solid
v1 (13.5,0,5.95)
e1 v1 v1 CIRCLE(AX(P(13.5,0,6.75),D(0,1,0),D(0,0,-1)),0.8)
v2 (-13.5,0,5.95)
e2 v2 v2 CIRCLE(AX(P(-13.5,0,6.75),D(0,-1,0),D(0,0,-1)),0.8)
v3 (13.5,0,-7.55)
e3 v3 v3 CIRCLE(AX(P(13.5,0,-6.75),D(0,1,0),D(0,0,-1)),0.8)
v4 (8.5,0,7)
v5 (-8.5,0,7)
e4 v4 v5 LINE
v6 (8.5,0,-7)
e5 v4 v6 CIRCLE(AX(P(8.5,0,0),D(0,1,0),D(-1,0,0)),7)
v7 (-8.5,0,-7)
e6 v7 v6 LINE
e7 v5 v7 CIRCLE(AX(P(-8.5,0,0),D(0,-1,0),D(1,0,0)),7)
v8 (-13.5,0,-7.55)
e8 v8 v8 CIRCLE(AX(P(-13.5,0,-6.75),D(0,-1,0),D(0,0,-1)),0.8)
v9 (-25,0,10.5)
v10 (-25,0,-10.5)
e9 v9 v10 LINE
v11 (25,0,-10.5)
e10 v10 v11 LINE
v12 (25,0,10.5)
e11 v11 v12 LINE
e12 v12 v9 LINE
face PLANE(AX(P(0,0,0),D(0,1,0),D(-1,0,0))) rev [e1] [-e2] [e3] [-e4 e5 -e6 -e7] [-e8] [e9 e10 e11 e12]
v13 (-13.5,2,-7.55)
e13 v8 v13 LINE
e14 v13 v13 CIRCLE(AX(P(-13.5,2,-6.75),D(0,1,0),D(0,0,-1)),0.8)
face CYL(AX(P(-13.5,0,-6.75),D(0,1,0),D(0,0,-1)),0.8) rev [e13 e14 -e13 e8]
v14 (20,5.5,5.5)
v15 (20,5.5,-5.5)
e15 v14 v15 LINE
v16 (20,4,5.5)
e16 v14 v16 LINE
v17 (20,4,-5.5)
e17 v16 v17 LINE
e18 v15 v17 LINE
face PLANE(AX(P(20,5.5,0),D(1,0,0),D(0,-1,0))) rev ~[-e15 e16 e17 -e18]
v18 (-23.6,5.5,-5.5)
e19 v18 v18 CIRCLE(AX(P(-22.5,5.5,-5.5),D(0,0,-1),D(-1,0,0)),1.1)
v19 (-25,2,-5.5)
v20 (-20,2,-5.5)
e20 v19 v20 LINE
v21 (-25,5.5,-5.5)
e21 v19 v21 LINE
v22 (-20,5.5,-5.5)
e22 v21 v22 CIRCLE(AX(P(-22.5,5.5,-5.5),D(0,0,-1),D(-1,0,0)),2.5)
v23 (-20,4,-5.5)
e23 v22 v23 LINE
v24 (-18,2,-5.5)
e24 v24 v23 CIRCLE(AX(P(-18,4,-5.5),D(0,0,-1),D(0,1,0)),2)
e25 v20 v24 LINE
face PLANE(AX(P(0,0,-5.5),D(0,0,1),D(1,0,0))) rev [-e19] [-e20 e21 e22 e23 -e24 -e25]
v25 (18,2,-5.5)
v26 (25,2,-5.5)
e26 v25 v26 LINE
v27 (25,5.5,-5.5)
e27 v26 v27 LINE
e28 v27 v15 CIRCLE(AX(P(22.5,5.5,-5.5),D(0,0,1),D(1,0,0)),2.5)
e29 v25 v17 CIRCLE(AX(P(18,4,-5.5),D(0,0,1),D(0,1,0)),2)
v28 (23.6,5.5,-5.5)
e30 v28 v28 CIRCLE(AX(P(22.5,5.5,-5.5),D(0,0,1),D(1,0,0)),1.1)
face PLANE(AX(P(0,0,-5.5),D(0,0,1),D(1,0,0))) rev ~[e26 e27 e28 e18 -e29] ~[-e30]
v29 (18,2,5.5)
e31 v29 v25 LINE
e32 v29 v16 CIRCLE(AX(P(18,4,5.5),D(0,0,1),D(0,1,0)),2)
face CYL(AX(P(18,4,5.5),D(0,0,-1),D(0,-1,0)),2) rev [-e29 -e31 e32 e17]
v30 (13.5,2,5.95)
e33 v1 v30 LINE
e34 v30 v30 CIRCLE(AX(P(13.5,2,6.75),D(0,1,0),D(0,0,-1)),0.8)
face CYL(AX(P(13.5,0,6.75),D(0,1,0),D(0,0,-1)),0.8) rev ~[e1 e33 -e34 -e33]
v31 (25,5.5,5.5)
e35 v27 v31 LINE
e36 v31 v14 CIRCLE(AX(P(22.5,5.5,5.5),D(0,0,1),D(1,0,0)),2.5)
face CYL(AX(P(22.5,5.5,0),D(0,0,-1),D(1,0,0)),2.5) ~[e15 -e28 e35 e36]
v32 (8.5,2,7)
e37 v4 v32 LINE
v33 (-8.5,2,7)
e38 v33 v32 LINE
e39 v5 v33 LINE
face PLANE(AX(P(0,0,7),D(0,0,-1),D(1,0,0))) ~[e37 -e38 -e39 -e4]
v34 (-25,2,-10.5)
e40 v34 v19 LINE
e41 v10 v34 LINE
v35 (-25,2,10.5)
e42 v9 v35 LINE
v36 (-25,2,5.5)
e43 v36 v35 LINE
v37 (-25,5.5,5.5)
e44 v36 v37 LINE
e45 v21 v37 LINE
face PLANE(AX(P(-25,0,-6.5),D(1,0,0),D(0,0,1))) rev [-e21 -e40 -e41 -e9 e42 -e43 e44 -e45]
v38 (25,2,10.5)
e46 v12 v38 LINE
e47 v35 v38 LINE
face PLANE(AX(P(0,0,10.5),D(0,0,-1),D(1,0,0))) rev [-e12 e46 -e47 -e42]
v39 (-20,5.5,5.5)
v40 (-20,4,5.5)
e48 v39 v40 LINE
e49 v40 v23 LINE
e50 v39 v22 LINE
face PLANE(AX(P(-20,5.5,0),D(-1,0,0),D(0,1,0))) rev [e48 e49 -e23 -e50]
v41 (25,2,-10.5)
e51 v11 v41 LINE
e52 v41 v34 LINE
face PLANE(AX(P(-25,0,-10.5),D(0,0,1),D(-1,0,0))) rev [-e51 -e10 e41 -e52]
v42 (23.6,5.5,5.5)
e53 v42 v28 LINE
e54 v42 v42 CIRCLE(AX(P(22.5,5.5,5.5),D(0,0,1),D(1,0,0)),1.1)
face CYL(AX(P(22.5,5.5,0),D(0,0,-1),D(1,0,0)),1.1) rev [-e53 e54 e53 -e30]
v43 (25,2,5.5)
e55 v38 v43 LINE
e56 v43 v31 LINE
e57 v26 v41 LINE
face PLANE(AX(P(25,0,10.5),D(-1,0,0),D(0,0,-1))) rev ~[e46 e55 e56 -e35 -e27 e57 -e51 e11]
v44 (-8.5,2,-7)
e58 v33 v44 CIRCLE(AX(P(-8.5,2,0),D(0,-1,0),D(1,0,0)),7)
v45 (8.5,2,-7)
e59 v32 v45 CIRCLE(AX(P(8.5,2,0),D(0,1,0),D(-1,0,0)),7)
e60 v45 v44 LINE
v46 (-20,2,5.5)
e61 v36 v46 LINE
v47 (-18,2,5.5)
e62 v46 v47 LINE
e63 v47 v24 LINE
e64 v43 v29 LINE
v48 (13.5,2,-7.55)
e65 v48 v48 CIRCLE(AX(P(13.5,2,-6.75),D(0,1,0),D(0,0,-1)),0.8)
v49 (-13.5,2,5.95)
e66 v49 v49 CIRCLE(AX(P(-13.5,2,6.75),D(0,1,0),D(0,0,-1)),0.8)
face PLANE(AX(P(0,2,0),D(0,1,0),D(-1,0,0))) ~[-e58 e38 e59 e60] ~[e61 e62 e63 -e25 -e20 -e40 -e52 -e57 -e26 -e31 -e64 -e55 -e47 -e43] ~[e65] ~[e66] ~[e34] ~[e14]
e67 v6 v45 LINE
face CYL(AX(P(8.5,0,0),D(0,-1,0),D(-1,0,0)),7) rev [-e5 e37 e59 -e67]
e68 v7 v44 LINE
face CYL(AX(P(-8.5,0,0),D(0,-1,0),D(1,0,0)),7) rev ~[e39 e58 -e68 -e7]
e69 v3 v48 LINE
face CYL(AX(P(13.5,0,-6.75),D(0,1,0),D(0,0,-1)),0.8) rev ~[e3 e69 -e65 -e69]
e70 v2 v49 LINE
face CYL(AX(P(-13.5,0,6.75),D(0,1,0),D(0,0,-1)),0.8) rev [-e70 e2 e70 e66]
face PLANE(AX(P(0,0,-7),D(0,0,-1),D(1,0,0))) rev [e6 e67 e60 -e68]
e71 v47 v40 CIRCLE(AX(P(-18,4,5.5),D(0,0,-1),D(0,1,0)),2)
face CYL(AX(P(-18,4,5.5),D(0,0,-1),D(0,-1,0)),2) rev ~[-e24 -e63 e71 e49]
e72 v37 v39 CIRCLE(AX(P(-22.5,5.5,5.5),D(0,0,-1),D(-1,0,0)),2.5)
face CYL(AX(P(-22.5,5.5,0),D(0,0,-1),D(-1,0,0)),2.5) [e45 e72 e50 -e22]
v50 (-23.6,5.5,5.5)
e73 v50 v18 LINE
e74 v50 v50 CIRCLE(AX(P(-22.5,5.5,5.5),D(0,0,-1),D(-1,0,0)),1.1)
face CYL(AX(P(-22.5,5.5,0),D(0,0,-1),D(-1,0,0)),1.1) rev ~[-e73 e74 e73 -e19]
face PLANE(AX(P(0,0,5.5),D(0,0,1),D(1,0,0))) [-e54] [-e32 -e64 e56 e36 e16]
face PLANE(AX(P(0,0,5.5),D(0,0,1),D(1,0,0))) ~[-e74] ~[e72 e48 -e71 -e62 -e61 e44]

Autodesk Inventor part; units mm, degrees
ref_plane "YZ Plane" through (0, 0, 0) normal (1, 0, 0) x (0, 1, 0)
ref_plane "XZ Plane" through (0, 0, 0) normal (0, 1, 0) x (-1, 0, 0)
ref_plane "XY Plane" through (0, 0, 0) normal (0, 0, 1) x (1, 0, 0)
sketch "スケッチ1" plane through (0, 0, 0) normal (0, 1, 0) x (-1, 0, 0)
  line L0 (0, 6.75) -> (-13.5, 6.75) construction
  line L1 (-13.5, 6.75) -> (-13.5, -6.75) construction
  line L2 (-13.5, -6.75) -> (0, -6.75) construction
  line L3 (0, -6.75) -> (0, 6.75) construction
  circle A0 centre (-8.5, 0) radius 7
  line L4 (0, 10.5) -> (-25, 10.5)
  line L5 (-25, 10.5) -> (-25, -10.5)
  line L6 (-25, -10.5) -> (0, -10.5)
  line L7 (0, -10.5) -> (0, 10.5)
  line L8 (-25, -6.5) -> (-25, 10.5)
  line L9 (0, 7) -> (-8.5, 7)
  line L10 (0, -7) -> (-8.5, -7)
  point P0 (0, 0)
  point P1 (0, 0)
  dimension "d0" = 13.5
  dimension "d1" = 13.5
  dimension "d2" = 8.5
  dimension "d3" = 14
  dimension "d4" = 21
  dimension "d5" = 25
extrude "押し出し1" add sketch "スケッチ1" along normal blind 2 contours A0 L10 L7 L6 L5 L4 L9
hole "穴1" at (13.5, 0, -6.75) at (13.5, 0, 6.75) direction (0, 1, 0) diameter 1.6 end through all clearance for "Flat Head Machine Screw (82)" size "#0" standard "Ansi Unified Screw Threads"
sketch "スケッチ3" plane through (0, 0, 0) normal (0, 0, 1) x (1, 0, 0)
  line L0 (25, 0) -> (0, 0) projected
  line L1 (0, 0) -> (0, 2) projected
  line L2 (25, 2) -> (0, 2) projected
  line L3 (25, 0) -> (25, 2) projected
  line L4 (25, 2) -> (25, 9)
  line L5 (25, 9) -> (20, 9)
  line L6 (20, 9) -> (20, 2)
  circle A0 centre (22.5, 5.5) radius 1.1
  circle A1 centre (22.5, 5.5) radius 3.5 construction
  arc A2 (25, 5.5) -> (20, 5.5) centre (22.5, 5.5) ccw
  arc A3 (20, 5.5) -> (25, 5.5) centre (22.5, 5.5) ccw construction
  point P0 (0, 0)
  point P1 (22.5, 9)
  dimension "d27" = 7
  dimension "d29" = 2.2
  dimension "d30" = 5
extrude "押し出し3" add sketch "スケッチ3" along normal mid plane 11 contours L2 L6 A2 L4
fillet "フィレット2" radius 2 1 edges at (20, 2, 0)
mirror "ミラー2" about plane through (0, 0, 0) normal (1, 0, 0) of "押し出し1", "穴1", "押し出し3", "フィレット2"
properties part number "Ultrasonic_holderV2"
